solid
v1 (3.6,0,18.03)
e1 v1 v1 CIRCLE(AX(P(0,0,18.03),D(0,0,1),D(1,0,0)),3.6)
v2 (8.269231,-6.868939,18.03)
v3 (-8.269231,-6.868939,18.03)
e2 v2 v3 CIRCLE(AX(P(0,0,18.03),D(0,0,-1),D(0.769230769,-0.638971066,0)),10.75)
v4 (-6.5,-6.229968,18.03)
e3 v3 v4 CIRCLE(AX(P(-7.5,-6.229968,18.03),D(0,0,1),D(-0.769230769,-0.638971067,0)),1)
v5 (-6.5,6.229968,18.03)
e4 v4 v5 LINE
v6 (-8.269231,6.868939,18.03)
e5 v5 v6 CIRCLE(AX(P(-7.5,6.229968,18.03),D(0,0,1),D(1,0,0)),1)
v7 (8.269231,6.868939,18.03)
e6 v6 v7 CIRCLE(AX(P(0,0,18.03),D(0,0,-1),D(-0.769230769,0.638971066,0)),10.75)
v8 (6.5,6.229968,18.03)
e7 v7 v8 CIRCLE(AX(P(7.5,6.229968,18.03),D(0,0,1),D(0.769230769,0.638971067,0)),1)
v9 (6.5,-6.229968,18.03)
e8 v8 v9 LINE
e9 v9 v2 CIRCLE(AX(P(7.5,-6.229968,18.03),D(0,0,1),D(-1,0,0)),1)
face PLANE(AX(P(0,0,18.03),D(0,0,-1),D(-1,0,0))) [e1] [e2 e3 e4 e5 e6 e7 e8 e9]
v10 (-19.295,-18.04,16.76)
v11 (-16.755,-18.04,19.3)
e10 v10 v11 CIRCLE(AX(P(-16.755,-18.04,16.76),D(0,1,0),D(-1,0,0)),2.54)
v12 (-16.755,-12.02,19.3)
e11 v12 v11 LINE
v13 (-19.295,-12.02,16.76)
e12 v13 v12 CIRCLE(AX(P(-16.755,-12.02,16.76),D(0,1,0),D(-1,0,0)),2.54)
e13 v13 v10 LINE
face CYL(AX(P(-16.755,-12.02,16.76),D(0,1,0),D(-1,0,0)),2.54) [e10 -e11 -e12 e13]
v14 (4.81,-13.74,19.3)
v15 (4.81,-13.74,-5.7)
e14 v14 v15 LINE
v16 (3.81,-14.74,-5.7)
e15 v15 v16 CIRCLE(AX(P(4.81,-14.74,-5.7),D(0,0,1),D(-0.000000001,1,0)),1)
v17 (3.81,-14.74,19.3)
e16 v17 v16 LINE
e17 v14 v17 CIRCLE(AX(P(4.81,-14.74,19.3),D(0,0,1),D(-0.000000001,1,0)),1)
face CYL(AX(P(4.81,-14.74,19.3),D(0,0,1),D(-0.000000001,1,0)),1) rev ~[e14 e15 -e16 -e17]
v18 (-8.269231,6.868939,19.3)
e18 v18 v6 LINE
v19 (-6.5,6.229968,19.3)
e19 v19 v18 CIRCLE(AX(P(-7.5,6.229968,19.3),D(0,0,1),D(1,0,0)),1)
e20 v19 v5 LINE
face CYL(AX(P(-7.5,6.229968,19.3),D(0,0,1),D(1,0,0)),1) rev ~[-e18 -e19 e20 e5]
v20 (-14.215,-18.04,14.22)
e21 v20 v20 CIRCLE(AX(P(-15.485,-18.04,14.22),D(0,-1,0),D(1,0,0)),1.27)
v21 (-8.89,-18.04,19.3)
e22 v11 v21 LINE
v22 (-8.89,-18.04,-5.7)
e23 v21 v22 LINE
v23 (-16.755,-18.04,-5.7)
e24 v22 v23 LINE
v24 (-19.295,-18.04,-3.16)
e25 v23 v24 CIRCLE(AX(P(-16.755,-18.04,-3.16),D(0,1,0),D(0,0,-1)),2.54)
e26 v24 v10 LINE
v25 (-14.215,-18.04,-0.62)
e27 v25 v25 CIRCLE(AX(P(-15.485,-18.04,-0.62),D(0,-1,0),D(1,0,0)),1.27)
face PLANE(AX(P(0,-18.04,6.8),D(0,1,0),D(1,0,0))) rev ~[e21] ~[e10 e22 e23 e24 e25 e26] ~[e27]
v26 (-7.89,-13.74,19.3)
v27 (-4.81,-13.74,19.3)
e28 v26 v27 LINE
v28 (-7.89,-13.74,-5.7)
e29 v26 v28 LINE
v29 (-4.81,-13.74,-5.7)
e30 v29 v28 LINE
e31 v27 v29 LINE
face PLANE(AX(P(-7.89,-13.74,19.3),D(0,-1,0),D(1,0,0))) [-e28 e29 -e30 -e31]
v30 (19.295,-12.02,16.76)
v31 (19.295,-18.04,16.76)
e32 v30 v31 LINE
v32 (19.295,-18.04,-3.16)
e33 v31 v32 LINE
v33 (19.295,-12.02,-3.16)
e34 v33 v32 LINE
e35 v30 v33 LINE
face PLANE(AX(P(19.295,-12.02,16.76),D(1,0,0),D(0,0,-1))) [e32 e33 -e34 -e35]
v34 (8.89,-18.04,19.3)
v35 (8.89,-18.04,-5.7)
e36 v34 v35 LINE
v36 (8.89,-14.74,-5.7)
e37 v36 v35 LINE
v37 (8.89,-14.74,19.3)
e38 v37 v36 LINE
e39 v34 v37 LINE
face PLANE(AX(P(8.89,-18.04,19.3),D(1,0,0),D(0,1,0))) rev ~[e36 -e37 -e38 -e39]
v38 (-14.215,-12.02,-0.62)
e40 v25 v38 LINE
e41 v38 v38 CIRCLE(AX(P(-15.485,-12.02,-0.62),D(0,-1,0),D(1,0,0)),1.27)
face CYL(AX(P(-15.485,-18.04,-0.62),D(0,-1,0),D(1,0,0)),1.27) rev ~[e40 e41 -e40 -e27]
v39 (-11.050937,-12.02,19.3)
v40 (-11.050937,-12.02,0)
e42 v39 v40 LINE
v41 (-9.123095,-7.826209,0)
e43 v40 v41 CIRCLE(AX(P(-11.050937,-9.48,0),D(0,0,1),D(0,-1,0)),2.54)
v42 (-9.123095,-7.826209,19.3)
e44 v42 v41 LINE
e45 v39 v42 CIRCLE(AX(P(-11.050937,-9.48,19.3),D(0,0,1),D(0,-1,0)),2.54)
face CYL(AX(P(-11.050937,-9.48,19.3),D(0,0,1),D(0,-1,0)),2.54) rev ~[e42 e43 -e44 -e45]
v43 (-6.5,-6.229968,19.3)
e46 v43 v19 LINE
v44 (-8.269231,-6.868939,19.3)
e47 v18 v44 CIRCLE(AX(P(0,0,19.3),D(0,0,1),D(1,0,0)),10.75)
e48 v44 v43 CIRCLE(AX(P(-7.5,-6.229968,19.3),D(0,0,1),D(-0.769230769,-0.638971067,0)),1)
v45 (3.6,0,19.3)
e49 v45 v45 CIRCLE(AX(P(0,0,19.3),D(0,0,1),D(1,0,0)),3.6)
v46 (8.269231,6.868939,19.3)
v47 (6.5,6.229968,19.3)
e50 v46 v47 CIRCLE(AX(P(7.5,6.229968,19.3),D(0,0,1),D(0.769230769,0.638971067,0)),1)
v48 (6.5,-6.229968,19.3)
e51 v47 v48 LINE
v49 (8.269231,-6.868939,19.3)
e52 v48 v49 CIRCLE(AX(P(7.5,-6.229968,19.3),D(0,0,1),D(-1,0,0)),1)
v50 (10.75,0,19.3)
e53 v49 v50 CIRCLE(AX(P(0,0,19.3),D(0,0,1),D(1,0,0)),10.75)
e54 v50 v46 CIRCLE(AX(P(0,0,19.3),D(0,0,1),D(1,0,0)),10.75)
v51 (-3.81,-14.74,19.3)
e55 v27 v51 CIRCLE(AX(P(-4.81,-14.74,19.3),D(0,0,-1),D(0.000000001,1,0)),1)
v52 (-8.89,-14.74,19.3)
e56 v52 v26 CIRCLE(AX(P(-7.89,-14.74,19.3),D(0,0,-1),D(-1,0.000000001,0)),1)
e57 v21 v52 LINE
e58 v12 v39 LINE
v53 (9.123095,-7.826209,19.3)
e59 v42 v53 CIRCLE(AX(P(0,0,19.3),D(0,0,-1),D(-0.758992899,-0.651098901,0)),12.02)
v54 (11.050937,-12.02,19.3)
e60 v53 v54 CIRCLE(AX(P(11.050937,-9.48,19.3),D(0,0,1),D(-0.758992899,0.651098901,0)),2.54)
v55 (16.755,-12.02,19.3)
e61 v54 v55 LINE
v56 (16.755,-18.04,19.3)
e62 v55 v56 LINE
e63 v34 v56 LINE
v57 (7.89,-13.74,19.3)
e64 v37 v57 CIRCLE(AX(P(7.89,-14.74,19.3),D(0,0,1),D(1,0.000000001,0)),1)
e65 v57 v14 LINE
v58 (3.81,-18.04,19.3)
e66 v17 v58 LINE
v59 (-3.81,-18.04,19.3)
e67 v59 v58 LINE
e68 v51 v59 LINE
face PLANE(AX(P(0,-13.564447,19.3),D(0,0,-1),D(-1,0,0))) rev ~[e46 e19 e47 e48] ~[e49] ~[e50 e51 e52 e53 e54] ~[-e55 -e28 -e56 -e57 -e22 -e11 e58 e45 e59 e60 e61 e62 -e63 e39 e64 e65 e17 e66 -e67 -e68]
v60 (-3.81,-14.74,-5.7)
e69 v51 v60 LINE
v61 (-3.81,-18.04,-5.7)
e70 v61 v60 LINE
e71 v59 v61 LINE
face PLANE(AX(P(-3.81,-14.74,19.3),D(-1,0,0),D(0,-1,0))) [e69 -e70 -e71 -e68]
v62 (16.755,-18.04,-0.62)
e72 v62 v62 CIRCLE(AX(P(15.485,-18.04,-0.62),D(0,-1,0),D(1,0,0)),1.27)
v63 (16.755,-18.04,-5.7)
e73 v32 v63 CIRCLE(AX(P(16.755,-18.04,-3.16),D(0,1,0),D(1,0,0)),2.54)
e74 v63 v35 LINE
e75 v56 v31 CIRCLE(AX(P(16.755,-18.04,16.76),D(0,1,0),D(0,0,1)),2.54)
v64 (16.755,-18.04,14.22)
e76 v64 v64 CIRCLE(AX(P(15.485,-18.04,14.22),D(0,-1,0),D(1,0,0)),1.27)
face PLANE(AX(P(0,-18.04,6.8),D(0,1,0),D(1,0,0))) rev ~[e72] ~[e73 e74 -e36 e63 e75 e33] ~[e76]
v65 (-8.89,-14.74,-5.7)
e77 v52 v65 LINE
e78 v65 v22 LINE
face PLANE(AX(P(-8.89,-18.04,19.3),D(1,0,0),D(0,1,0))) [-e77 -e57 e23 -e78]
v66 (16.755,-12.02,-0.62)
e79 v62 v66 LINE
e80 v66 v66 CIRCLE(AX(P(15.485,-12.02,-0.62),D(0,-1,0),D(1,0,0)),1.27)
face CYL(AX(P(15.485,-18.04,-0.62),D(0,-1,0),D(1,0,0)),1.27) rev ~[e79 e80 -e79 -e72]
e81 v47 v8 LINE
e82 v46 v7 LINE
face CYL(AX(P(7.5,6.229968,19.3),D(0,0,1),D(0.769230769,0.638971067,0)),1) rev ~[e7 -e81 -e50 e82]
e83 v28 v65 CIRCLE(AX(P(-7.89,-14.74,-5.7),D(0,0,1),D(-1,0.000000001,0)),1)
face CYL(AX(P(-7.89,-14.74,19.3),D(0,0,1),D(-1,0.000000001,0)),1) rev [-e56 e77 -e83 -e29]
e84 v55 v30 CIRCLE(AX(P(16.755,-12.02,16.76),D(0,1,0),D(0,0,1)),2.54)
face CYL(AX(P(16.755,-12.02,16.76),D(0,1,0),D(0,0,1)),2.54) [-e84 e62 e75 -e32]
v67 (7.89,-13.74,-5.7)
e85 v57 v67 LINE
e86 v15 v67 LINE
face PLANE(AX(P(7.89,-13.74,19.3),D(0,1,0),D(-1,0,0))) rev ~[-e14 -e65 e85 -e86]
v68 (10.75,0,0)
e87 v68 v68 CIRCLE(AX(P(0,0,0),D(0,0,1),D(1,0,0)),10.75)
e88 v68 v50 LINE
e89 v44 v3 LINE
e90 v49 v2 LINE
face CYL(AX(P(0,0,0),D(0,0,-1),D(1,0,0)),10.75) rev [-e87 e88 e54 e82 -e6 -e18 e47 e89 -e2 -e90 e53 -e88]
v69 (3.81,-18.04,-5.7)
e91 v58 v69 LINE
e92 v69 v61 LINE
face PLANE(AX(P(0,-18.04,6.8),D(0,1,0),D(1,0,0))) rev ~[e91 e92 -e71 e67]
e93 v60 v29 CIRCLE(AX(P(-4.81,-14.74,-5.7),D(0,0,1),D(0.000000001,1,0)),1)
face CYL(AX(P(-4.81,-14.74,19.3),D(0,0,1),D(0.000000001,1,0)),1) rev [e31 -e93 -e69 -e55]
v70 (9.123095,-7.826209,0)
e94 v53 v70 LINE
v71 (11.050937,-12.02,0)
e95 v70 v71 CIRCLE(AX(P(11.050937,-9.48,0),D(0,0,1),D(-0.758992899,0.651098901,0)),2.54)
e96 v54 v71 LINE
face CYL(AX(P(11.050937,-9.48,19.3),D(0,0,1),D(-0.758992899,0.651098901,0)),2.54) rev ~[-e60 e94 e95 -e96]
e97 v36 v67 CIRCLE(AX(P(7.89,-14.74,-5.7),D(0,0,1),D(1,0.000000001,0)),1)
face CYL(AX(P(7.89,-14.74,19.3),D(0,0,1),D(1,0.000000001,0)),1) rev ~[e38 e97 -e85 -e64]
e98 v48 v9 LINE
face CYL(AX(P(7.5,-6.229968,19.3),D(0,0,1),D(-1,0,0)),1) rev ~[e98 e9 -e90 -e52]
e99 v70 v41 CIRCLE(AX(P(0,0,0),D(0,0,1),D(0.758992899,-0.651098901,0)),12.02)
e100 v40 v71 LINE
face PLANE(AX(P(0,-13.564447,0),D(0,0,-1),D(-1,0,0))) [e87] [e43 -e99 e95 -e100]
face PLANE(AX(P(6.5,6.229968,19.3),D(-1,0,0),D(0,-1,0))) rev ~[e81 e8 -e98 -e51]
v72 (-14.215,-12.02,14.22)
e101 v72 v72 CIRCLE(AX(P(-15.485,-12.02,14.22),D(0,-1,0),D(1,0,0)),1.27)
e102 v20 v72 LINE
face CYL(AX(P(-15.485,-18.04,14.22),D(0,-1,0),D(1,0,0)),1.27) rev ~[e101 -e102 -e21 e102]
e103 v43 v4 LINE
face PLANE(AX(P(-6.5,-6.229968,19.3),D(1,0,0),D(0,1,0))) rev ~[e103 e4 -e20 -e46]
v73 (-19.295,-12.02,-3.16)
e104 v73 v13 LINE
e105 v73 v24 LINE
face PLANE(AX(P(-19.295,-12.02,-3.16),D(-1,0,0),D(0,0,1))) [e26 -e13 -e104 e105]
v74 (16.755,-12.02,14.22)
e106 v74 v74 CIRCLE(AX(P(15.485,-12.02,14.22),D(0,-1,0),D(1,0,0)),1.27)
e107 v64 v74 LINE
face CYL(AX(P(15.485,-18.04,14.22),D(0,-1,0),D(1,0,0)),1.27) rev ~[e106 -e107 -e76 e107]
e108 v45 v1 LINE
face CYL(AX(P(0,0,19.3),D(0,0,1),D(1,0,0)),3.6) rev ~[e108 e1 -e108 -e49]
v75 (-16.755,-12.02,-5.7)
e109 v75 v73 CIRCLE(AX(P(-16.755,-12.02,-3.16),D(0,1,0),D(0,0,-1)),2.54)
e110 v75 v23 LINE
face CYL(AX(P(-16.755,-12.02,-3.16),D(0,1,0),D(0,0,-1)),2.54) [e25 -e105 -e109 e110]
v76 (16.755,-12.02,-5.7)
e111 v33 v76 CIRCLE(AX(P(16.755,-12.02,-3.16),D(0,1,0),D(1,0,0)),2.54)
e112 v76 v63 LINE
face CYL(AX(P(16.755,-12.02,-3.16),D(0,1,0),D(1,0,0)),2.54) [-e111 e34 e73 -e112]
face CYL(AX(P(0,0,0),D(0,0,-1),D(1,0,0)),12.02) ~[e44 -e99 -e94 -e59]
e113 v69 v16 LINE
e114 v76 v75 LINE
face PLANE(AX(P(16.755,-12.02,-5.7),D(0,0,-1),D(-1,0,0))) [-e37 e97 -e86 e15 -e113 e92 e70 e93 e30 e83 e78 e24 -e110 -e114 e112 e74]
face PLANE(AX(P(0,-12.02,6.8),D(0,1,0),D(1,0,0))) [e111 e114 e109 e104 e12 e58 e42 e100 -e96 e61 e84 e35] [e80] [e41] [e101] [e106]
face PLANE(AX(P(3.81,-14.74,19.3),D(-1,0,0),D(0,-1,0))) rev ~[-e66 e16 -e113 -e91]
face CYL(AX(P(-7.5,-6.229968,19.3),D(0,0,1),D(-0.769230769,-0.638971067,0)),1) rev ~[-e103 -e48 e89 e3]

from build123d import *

# Parameters (mm, degrees)
SKETCH2_R           = 12.02
SKETCH2_R_2         = 10.75
BOSS_EXTRUDE1_DEPTH = 19.3
SKETCH3_R           = 3.6
BOSS_EXTRUDE4_DEPTH = 1.27
BOSS_EXTRUDE5_DEPTH = 6.02
BOSS_EXTRUDE6_DEPTH = 19.3
CUT_EXTRUDE1_DEPTH  = 26
SKETCH7_R           = 1.27
CUT_EXTRUDE2_DEPTH  = 31.06


with BuildPart() as part:
    # Sketch2 → Boss-Extrude1 (new body)
    with BuildSketch(Plane.XY):
        Circle(SKETCH2_R)
        Circle(SKETCH2_R_2, mode=Mode.SUBTRACT)
    extrude(amount=BOSS_EXTRUDE1_DEPTH)

    # Sketch3 → Boss-Extrude4 (add)
    with BuildSketch(Plane.XY.offset(19.3)):
        with BuildLine():
            Line((-6.5, -6.229967897), (-6.5, 6.229967897))
            ThreePointArc((-6.5, 6.229967897), (-7.16031689, 7.17050784), (-8.269230769, 6.868938964))
            ThreePointArc((-8.269230769, 6.868938964), (0, 10.75), (8.269230769, 6.868938964))
            ThreePointArc((8.269230769, 6.868938964), (7.16031689, 7.17050784), (6.5, 6.229967897))
            Line((6.5, 6.229967897), (6.5, -6.229967897))
            ThreePointArc((6.5, -6.229967897), (7.16031689, -7.17050784), (8.269230769, -6.868938964))
            ThreePointArc((8.269230769, -6.868938964), (0, -10.75), (-8.269230769, -6.868938964))
            ThreePointArc((-8.269230769, -6.868938964), (-7.16031689, -7.17050784), (-6.5, -6.229967897))
        make_face()
        Circle(SKETCH3_R, mode=Mode.SUBTRACT)
    extrude(amount=-BOSS_EXTRUDE4_DEPTH)



with BuildPart() as body_2:
    # Sketch4 → Boss-Extrude5 (new body)
    with BuildSketch(Plane(origin=(0, -12.02, 0), x_dir=(1, 0, 0), z_dir=(0, 1, 0))):
        with BuildLine():
            Line((-12.02, -19.3), (12.02, -19.3))
            Line((12.02, -19.3), (16.755, -19.3))
            ThreePointArc((16.755, -19.3), (18.551051224, -18.556051224), (19.295, -16.76))
            Line((19.295, -16.76), (19.295, 3.16))
            ThreePointArc((19.295, 3.16), (18.551051224, 4.956051224), (16.755, 5.7))
            Line((16.755, 5.7), (-16.755, 5.7))
            ThreePointArc((-16.755, 5.7), (-18.551051224, 4.956051224), (-19.295, 3.16))
            Line((-19.295, 3.16), (-19.295, -16.76))
            ThreePointArc((-19.295, -16.76), (-18.551051224, -18.556051224), (-16.755, -19.3))
            Line((-16.755, -19.3), (-12.02, -19.3))
        make_face()
    extrude(amount=-BOSS_EXTRUDE5_DEPTH)


with BuildPart() as part_1:
    add(part.part)

    add(body_2.part)  # Boss-Extrude6 merges body 2
    # Sketch5 → Boss-Extrude6 (add)
    with BuildSketch(Plane.XY.offset(19.3)):
        with BuildLine():
            Line((-10, -12.02), (-11.050936612, -12.02))
            ThreePointArc((-11.050936612, -12.02), (-8.743098915, -10.540888856), (-9.123094648, -7.826208791))
            ThreePointArc((-9.123094648, -7.826208791), (0, -12.02), (9.123094648, -7.826208791))
            ThreePointArc((9.123094648, -7.826208791), (8.743098915, -10.540888856), (11.050936612, -12.02))
            Line((11.050936612, -12.02), (10, -12.02))
            Line((10, -12.02), (10, -18.04))
            Line((10, -18.04), (-10, -18.04))
            Line((-10, -18.04), (-10, -12.02))
        make_face()
    extrude(amount=-BOSS_EXTRUDE6_DEPTH)

    # Sketch6 → Cut-Extrude1 (cut, through all)
    with BuildSketch(Plane.XY.offset(19.3)):
        with BuildLine():
            Line((-8.89, -18.04), (-8.89, -14.74))
            ThreePointArc((-8.89, -14.74), (-8.597106781, -14.032893219), (-7.89, -13.74))
            Line((-7.89, -13.74), (-4.81, -13.74))
            ThreePointArc((-4.81, -13.74), (-4.102893219, -14.032893219), (-3.81, -14.74))
            Line((-3.81, -14.74), (-3.81, -18.04))
            Line((-3.81, -18.04), (-8.89, -18.04))
        make_face()
        with BuildLine():
            Line((3.81, -14.74), (3.81, -18.04))
            Line((3.81, -18.04), (8.89, -18.04))
            Line((8.89, -18.04), (8.89, -14.74))
            ThreePointArc((8.89, -14.74), (8.597106781, -14.032893219), (7.89, -13.74))
            Line((7.89, -13.74), (4.81, -13.74))
            ThreePointArc((4.81, -13.74), (4.102893219, -14.032893219), (3.81, -14.74))
        make_face()
    extrude(amount=-CUT_EXTRUDE1_DEPTH, mode=Mode.SUBTRACT)

    # Sketch7 → Cut-Extrude2 (cut, through all)
    with BuildSketch(Plane.XZ.offset(18.04)):
        with Locations((-15.485, 14.22)):
            Circle(SKETCH7_R)
        with Locations((15.485, 14.22)):
            Circle(SKETCH7_R)
        with Locations((-15.485, -0.62)):
            Circle(SKETCH7_R)
        with Locations((15.485, -0.62)):
            Circle(SKETCH7_R)
    extrude(amount=-CUT_EXTRUDE2_DEPTH, mode=Mode.SUBTRACT)


solid = part_1.part
